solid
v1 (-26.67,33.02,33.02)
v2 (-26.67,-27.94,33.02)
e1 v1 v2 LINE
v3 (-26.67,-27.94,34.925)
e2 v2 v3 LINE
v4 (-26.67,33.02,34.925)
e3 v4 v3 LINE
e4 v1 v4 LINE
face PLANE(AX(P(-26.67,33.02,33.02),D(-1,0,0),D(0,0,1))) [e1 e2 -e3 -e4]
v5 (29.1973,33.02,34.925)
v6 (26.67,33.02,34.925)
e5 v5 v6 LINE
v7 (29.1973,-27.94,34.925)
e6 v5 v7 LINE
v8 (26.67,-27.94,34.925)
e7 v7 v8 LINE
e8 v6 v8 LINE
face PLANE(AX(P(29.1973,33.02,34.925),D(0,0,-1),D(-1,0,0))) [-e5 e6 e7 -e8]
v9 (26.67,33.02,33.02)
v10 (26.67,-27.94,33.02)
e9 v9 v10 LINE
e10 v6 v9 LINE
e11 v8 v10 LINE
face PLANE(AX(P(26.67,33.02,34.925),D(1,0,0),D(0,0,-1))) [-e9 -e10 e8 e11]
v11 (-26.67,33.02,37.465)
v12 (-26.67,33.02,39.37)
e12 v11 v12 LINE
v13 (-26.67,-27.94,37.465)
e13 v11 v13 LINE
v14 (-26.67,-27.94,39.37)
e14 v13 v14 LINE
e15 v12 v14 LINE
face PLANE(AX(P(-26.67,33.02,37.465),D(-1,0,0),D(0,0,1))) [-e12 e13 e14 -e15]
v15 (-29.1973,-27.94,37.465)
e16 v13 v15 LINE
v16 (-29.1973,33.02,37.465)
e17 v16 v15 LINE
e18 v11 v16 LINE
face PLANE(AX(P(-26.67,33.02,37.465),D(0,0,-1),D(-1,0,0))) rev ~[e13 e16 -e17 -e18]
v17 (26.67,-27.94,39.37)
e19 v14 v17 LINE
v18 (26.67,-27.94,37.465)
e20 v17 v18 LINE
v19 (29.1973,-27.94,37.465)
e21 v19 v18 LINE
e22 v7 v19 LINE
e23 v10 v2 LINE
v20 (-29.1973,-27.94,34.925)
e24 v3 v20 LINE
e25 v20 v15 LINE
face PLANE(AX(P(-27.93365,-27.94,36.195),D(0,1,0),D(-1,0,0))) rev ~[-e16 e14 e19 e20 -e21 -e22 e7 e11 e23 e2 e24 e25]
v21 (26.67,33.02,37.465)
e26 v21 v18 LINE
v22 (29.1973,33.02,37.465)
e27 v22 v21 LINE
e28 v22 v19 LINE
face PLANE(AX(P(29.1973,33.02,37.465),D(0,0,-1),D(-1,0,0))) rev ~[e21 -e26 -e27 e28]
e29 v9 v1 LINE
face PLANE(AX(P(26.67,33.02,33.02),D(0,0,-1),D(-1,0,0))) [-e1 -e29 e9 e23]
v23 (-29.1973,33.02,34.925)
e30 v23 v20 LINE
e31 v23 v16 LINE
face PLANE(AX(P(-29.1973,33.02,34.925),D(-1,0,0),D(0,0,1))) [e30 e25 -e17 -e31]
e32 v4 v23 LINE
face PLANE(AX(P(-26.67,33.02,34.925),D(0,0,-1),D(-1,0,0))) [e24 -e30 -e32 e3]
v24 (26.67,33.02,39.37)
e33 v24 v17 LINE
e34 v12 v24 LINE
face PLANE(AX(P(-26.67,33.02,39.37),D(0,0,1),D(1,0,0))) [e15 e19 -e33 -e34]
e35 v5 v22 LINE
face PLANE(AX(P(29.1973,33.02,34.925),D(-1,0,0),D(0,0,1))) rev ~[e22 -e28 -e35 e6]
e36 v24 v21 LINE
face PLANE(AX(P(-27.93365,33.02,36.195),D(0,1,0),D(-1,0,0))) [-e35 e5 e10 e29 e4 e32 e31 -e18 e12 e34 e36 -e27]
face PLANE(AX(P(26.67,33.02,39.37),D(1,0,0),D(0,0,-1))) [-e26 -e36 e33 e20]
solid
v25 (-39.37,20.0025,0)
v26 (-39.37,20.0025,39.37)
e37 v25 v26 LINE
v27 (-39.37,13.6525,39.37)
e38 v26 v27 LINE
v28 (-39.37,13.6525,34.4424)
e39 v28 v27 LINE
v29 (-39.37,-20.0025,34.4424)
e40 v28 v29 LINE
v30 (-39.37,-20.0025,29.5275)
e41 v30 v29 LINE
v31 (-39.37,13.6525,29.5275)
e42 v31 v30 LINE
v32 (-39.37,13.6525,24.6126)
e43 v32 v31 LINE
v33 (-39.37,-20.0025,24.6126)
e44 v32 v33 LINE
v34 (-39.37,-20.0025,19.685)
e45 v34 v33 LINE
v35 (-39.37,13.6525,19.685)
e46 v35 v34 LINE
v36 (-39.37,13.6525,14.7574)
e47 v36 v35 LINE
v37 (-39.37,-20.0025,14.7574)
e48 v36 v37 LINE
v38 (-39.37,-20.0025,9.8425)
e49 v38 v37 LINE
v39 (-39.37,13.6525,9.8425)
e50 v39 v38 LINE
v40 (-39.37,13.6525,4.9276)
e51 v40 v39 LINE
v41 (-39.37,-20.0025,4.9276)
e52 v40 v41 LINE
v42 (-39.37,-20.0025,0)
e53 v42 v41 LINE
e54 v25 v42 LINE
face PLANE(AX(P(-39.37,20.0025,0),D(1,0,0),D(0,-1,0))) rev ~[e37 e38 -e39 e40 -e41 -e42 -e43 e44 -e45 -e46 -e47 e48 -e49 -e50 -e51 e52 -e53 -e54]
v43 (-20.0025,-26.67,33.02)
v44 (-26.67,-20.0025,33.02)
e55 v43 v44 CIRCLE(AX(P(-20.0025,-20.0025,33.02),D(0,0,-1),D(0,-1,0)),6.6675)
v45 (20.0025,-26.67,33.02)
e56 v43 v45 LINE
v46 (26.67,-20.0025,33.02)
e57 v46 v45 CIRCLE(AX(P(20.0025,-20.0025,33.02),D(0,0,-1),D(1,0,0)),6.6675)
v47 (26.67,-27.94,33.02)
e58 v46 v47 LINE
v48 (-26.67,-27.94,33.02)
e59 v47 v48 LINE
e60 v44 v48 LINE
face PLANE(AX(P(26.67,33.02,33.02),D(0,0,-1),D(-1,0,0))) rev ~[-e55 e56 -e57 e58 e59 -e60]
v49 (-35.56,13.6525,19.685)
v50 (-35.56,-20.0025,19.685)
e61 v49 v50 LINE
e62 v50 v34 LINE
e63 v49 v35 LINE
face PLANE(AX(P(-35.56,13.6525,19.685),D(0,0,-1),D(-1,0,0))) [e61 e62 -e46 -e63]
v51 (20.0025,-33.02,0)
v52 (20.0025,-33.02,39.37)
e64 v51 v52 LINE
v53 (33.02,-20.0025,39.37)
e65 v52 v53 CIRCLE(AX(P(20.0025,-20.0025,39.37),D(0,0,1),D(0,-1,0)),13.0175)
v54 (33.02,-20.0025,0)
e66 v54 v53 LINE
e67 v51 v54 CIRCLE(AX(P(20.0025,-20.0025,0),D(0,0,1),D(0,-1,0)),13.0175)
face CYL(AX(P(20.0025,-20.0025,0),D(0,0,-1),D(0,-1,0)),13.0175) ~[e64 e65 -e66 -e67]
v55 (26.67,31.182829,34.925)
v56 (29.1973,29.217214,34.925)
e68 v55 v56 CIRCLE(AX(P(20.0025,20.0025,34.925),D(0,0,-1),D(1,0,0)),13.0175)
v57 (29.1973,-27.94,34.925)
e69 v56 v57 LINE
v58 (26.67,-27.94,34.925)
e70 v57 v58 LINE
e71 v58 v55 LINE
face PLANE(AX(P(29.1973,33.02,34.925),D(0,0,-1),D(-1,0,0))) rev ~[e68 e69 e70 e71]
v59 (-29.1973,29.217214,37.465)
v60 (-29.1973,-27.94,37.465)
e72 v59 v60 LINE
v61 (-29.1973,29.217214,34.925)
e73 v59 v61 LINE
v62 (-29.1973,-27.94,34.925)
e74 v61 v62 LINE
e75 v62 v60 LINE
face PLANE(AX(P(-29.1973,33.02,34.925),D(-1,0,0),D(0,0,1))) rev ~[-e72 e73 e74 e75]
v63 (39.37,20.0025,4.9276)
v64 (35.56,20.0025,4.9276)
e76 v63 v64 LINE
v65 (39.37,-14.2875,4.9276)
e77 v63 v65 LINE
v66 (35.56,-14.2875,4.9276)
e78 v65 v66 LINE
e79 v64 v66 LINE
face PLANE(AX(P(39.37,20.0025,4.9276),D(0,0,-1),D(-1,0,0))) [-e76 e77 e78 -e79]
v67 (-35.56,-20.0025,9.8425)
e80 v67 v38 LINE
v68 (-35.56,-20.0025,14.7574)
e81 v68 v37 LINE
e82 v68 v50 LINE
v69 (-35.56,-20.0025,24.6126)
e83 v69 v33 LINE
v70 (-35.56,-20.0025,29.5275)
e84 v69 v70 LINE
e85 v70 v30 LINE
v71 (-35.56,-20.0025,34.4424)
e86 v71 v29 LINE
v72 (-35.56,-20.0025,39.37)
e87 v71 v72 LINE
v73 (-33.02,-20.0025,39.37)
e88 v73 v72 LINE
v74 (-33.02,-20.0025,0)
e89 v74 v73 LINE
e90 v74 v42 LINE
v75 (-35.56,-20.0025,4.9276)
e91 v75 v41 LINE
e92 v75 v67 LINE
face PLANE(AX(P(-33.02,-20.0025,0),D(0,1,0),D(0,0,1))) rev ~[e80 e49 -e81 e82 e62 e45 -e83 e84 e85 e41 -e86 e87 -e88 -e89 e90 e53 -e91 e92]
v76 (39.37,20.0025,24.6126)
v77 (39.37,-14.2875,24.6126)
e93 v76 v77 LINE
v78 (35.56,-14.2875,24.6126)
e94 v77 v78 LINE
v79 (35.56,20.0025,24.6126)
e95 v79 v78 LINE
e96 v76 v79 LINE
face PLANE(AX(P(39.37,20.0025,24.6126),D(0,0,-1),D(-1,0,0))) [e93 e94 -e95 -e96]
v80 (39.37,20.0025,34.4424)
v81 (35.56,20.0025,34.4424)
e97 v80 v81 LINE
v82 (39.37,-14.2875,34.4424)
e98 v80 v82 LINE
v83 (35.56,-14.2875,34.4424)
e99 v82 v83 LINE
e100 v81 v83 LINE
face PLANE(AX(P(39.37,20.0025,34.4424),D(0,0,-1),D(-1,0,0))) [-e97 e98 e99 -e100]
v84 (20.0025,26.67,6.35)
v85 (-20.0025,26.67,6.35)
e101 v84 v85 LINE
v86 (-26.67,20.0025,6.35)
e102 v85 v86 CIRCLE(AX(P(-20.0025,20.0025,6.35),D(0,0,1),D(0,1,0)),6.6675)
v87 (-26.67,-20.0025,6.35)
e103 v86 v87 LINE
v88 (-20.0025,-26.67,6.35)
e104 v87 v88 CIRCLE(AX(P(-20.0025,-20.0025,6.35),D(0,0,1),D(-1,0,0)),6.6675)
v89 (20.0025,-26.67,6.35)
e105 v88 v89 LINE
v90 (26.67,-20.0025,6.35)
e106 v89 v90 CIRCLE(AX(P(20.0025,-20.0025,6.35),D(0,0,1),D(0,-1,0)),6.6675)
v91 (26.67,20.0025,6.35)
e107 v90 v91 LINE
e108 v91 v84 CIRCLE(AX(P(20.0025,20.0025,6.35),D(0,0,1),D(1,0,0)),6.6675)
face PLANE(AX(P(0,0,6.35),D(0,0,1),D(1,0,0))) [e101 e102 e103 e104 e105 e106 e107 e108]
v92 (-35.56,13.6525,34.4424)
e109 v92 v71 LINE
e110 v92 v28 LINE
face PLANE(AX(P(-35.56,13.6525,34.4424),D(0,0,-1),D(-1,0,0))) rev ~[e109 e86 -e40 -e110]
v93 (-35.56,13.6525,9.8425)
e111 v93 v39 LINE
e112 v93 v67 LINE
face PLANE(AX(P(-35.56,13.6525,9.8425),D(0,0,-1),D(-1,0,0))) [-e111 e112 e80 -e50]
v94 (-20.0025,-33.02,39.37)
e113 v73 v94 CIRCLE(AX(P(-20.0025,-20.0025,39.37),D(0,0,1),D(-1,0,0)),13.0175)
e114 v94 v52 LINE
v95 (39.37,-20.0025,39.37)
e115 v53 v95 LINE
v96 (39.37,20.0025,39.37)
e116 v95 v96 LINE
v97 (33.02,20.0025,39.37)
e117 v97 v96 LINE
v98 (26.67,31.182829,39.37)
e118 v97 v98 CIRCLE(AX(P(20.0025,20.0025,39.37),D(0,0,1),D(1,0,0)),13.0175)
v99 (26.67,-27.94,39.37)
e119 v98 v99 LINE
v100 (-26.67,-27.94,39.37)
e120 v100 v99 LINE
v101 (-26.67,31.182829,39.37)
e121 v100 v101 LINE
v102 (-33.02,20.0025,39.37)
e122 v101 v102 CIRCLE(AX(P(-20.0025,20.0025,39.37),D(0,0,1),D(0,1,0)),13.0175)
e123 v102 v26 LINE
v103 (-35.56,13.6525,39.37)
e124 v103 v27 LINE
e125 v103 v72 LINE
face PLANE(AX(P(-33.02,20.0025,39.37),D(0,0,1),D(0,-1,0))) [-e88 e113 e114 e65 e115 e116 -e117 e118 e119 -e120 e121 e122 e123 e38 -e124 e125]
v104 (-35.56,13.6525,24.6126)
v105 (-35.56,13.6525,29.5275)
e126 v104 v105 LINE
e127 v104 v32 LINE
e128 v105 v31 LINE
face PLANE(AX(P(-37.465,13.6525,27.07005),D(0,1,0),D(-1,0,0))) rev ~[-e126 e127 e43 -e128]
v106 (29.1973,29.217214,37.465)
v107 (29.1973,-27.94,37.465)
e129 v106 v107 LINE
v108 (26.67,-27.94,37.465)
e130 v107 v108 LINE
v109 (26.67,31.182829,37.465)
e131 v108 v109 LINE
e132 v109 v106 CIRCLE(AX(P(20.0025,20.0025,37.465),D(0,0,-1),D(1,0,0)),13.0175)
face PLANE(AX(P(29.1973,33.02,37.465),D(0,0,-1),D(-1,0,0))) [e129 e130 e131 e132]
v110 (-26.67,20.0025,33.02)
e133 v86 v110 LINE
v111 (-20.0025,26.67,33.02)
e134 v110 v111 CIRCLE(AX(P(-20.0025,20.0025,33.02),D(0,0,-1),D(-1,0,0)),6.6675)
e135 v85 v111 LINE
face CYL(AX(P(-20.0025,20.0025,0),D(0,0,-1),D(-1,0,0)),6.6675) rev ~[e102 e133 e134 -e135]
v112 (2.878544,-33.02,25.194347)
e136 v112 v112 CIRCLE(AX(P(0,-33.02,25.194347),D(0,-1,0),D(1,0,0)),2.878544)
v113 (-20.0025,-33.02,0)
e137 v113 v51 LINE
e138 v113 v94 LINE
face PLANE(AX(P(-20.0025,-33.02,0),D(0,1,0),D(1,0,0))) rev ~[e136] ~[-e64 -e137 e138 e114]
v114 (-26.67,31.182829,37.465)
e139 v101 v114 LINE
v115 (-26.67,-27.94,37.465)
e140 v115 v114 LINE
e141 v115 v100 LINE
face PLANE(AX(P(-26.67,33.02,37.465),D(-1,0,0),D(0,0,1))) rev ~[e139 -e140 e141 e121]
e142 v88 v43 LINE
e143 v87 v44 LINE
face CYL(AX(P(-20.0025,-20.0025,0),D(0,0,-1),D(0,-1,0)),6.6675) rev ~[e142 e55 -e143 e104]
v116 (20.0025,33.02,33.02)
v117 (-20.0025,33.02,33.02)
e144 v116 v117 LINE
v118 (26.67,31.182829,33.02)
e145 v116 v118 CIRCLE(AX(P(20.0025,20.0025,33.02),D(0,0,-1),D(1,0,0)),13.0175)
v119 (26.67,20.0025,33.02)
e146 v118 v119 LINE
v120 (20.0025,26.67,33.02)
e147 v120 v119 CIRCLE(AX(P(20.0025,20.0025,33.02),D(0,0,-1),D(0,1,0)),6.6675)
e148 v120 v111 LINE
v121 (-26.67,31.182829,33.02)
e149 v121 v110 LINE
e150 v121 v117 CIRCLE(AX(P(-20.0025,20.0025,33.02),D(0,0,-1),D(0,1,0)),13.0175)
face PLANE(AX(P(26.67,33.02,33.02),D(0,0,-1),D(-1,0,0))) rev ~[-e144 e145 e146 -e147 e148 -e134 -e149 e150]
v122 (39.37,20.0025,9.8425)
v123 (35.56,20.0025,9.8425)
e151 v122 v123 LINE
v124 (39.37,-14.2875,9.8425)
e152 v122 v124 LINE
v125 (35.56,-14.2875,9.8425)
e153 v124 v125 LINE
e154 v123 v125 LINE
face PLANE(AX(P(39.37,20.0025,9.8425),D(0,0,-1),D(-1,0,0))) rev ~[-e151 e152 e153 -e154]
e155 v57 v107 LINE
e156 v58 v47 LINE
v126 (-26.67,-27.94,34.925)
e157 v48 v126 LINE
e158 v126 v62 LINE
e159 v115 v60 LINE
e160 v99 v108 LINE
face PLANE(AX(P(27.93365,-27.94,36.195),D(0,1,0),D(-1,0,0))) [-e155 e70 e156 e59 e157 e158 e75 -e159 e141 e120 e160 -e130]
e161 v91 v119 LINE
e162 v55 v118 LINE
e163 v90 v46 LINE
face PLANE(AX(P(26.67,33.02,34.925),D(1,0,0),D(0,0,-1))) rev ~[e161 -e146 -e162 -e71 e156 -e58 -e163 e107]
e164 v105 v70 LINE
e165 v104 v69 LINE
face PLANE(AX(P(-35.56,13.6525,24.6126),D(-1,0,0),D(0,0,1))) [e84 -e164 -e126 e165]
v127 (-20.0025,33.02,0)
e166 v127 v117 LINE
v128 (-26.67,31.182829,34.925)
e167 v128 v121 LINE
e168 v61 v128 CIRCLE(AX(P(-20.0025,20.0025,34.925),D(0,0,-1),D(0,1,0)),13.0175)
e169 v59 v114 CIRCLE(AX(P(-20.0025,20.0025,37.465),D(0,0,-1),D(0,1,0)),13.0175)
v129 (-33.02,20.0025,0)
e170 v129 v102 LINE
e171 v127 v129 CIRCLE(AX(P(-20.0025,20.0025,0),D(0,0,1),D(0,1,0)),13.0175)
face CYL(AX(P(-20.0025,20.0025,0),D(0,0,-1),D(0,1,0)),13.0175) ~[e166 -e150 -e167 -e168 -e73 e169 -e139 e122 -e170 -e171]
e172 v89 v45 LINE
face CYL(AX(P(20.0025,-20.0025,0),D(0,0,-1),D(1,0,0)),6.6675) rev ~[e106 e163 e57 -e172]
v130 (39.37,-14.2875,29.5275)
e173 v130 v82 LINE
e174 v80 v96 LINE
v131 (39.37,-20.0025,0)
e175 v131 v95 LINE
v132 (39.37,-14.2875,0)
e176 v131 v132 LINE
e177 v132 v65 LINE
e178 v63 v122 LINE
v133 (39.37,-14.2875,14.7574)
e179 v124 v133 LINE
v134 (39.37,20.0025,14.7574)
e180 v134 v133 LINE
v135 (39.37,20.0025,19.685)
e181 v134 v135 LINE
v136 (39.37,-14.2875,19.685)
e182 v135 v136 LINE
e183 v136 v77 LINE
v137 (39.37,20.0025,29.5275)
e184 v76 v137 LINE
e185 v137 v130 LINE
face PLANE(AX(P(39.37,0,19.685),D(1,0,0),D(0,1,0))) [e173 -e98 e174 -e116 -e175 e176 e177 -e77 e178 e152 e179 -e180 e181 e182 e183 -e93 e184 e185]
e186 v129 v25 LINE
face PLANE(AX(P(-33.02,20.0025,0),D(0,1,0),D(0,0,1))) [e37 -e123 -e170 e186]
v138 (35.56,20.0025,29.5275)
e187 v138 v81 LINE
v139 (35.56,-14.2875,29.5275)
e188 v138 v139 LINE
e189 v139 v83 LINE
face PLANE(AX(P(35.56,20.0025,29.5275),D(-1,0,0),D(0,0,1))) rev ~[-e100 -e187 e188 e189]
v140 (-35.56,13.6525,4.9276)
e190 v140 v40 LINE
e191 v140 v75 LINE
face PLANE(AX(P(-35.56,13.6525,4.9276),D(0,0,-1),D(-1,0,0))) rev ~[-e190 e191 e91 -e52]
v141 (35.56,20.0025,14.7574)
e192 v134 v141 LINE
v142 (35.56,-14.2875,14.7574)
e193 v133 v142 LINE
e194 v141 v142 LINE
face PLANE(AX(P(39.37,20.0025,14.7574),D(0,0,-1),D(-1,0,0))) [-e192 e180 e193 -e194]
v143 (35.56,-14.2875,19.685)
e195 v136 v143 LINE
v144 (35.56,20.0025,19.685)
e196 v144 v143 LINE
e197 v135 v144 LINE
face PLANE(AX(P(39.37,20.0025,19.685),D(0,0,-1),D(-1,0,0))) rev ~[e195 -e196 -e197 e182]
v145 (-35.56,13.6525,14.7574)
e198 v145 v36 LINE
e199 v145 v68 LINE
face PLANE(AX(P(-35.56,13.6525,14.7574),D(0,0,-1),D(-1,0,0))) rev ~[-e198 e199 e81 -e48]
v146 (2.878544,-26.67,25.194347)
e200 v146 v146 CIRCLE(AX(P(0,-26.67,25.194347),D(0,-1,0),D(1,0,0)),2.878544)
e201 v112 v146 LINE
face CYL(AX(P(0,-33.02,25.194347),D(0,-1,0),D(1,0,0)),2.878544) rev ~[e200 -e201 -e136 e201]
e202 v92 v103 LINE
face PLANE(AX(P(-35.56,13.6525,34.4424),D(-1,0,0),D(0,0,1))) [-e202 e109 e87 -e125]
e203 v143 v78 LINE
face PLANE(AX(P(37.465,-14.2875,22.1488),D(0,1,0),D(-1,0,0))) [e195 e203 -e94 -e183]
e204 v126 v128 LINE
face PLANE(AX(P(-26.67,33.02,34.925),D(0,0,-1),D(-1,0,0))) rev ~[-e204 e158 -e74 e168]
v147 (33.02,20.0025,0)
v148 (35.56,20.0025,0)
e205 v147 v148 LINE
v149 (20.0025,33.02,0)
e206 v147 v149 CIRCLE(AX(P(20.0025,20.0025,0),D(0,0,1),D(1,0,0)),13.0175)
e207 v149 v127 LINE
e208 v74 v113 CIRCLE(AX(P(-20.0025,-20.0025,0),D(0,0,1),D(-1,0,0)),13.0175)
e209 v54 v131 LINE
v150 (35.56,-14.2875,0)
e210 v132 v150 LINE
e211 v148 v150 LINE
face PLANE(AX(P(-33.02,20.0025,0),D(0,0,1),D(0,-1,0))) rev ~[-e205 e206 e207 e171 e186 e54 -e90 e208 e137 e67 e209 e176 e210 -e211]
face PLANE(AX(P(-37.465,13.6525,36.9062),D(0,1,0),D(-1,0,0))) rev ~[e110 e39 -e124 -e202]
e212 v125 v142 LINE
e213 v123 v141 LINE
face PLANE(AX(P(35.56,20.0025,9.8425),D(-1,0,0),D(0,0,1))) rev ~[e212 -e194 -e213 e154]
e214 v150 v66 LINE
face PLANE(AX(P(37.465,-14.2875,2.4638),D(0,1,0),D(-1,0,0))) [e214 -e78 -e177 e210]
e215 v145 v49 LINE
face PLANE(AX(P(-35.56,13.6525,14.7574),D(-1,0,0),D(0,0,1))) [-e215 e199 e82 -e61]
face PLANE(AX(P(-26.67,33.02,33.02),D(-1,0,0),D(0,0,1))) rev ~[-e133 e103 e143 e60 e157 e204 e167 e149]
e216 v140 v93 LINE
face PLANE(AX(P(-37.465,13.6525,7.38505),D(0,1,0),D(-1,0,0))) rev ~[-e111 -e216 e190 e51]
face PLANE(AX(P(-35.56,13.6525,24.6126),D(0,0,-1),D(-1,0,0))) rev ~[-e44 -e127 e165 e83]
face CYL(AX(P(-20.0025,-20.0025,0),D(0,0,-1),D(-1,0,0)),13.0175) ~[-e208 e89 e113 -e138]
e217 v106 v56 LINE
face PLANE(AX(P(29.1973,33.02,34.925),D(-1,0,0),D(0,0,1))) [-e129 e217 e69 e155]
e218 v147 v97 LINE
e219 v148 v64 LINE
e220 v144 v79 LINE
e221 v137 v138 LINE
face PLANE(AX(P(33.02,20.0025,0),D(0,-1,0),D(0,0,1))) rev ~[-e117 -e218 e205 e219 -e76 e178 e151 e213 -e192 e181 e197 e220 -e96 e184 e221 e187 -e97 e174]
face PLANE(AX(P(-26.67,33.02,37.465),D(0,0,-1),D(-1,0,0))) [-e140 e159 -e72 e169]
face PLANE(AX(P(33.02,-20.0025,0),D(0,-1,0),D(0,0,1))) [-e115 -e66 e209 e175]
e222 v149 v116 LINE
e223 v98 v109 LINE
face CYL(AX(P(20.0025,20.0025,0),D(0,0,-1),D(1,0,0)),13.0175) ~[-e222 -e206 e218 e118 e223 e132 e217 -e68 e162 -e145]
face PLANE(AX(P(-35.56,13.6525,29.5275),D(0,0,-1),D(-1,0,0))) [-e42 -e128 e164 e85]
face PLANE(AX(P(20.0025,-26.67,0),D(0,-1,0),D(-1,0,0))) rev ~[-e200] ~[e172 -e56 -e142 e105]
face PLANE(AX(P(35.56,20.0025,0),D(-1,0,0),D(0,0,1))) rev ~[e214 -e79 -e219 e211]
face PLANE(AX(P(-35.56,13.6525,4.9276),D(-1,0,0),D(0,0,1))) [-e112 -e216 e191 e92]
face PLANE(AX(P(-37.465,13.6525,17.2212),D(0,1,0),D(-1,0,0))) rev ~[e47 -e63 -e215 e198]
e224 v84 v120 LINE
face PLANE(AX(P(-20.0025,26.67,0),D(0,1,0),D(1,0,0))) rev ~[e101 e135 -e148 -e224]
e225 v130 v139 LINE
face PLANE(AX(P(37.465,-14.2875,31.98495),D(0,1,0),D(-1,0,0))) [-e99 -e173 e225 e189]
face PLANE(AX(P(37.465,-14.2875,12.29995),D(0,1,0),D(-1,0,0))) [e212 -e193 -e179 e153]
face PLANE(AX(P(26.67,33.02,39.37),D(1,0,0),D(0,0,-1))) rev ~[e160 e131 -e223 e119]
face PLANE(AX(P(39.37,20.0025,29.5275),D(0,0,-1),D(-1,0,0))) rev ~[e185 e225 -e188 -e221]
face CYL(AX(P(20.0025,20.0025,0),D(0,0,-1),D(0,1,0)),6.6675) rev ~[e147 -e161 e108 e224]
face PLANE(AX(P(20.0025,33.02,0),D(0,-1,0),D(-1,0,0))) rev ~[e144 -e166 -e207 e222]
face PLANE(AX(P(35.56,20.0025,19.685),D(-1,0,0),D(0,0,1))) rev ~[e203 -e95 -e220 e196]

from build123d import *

# Parameters (mm, degrees)
F1_DEPTH  = 39.37
F2_DEPTH  = 6.35
F3_W      = 2.5273
F3_H      = 2.54
F4_DEPTH  = 60.96
F5_DEPTH  = 60.96
F6_W      = 40.005
F6_H      = 39.37
F7_DEPTH  = 6.35
F9_DEPTH  = 6.35
F8_W      = 3.81
F8_H      = 4.9149
F8_H_2    = 4.9276
F10_DEPTH = 34.29
F11_START = -6.35
F11_DEPTH = 41.148
F12_R     = 2.8785443145
F13_DEPTH = 8.89


with BuildPart() as f1:
    # F0 (on Top) → F1 (new body)
    with BuildSketch(Plane.XY):
        with BuildLine():
            Line((20.0025, 33.02), (-20.0025, 33.02))
            ThreePointArc((-20.0025, 33.02), (-29.2072625241, 29.2072625241), (-33.02, 20.0025))
            Line((-33.02, 20.0025), (-33.02, -20.0025))
            ThreePointArc((-33.02, -20.0025), (-29.2072625241, -29.2072625241), (-20.0025, -33.02))
            Line((-20.0025, -33.02), (20.0025, -33.02))
            ThreePointArc((20.0025, -33.02), (29.2072625241, -29.2072625241), (33.02, -20.0025))
            Line((33.02, -20.0025), (33.02, 20.0025))
            ThreePointArc((33.02, 20.0025), (29.2072625241, 29.2072625241), (20.0025, 33.02))
        make_face()
        with BuildLine():
            ThreePointArc((-26.67, 20.0025), (-24.7171344636, 24.7171344636), (-20.0025, 26.67))
            Line((-20.0025, 26.67), (20.0025, 26.67))
            ThreePointArc((20.0025, 26.67), (24.7171344636, 24.7171344636), (26.67, 20.0025))
            Line((26.67, 20.0025), (26.67, -20.0025))
            ThreePointArc((26.67, -20.0025), (24.7171344636, -24.7171344636), (20.0025, -26.67))
            Line((20.0025, -26.67), (-20.0025, -26.67))
            ThreePointArc((-20.0025, -26.67), (-24.7171344636, -24.7171344636), (-26.67, -20.0025))
            Line((-26.67, -20.0025), (-26.67, 20.0025))
        make_face(mode=Mode.SUBTRACT)
    extrude(amount=F1_DEPTH)

    # F0 (on Top) → F2 (join)
    with BuildSketch(Plane.XY):
        with BuildLine():
            Line((20.0025, 26.67), (-20.0025, 26.67))
            ThreePointArc((-20.0025, 26.67), (-24.7171344636, 24.7171344636), (-26.67, 20.0025))
            Line((-26.67, 20.0025), (-26.67, -20.0025))
            ThreePointArc((-26.67, -20.0025), (-24.7171344636, -24.7171344636), (-20.0025, -26.67))
            Line((-20.0025, -26.67), (20.0025, -26.67))
            ThreePointArc((20.0025, -26.67), (24.7171344636, -24.7171344636), (26.67, -20.0025))
            Line((26.67, -20.0025), (26.67, 20.0025))
            ThreePointArc((26.67, 20.0025), (24.7171344636, 24.7171344636), (20.0025, 26.67))
        make_face()
    extrude(amount=F2_DEPTH)

    # F3 (on face) → F4 (cut)
    with BuildSketch(Plane(origin=(0, 33.02, 0), x_dir=(-1, 0, 0), z_dir=(0, 1, 0))):
        with Locations((-27.93365, 36.195)):
            Rectangle(F3_W, F3_H)
        with Locations((27.93365, 36.195)):
            Rectangle(F3_W, F3_H)
        Polygon((20.0025, 39.37), (0, 39.37), (-20.0025, 39.37), (-20.0025, 33.02), (20.0025, 33.02), align=None)
        Polygon((-20.0025, 33.02), (-20.0025, 39.37), (-26.67, 39.37), (-26.67, 37.465), (-26.67, 34.925), (-26.67, 33.02), align=None)
        Polygon((26.67, 39.37), (20.0025, 39.37), (20.0025, 33.02), (26.67, 33.02), (26.67, 34.925), (26.67, 37.465), align=None)
    extrude(amount=-F4_DEPTH, mode=Mode.SUBTRACT)

    # F6 (on face) → F7 (join)
    with BuildSketch(Plane.YZ.offset(33.02)):
        with Locations((0, 19.685)):
            Rectangle(F6_W, F6_H)
    extrude(amount=F7_DEPTH)

    # F9 (add): a face of the model
    f9_faces = [f1.faces().sort_by_distance(p)[0] for p in [
        (-33.02, 0, 19.685),
    ]]
    extrude(f9_faces, amount=F9_DEPTH)

    # F8 (on face) → F10 (cut)
    with BuildSketch(Plane(origin=(0, 20.0025, 0), x_dir=(-1, 0, 0), z_dir=(0, 1, 0))):
        with Locations((-37.465, 31.98495)):
            Rectangle(F8_W, F8_H)
        with Locations((-37.465, 22.1488)):
            Rectangle(F8_W, F8_H_2)
        with Locations((-37.465, 12.29995)):
            Rectangle(F8_W, F8_H)
        with Locations((-37.465, 2.4638)):
            Rectangle(F8_W, F8_H_2)
    extrude(amount=-F10_DEPTH, mode=Mode.SUBTRACT)

    # F8 (on face) → F11 (cut)
    with BuildSketch(Plane(origin=(0, 20.0025, 0), x_dir=(-1, 0, 0), z_dir=(0, 1, 0)).offset(F11_START)):
        with Locations((37.465, 36.9062)):
            Rectangle(F8_W, F8_H_2)
        with Locations((37.465, 27.07005)):
            Rectangle(F8_W, F8_H)
        with Locations((37.465, 17.2212)):
            Rectangle(F8_W, F8_H_2)
        with Locations((37.465, 7.38505)):
            Rectangle(F8_W, F8_H)
    extrude(amount=-F11_DEPTH, mode=Mode.SUBTRACT)

    # F12 (on face) → F13 (cut)
    with BuildSketch(Plane.XZ.offset(33.02)):
        with Locations((0, 25.1943469048)):
            Circle(F12_R)
    extrude(amount=-F13_DEPTH, mode=Mode.SUBTRACT)


with BuildPart() as f5:
    # F3 (on face) → F5 (new body)
    with BuildSketch(Plane(origin=(0, 33.02, 0), x_dir=(-1, 0, 0), z_dir=(0, 1, 0))):
        with Locations((27.93365, 36.195)):
            Rectangle(F3_W, F3_H)
        Polygon((20.0025, 39.37), (0, 39.37), (-20.0025, 39.37), (-20.0025, 33.02), (20.0025, 33.02), align=None)
        Polygon((26.67, 39.37), (20.0025, 39.37), (20.0025, 33.02), (26.67, 33.02), (26.67, 34.925), (26.67, 37.465), align=None)
        Polygon((-20.0025, 33.02), (-20.0025, 39.37), (-26.67, 39.37), (-26.67, 37.465), (-26.67, 34.925), (-26.67, 33.02), align=None)
        with Locations((-27.93365, 36.195)):
            Rectangle(F3_W, F3_H)
    extrude(amount=-F5_DEPTH)


solid = Compound([f1.part, f5.part])
